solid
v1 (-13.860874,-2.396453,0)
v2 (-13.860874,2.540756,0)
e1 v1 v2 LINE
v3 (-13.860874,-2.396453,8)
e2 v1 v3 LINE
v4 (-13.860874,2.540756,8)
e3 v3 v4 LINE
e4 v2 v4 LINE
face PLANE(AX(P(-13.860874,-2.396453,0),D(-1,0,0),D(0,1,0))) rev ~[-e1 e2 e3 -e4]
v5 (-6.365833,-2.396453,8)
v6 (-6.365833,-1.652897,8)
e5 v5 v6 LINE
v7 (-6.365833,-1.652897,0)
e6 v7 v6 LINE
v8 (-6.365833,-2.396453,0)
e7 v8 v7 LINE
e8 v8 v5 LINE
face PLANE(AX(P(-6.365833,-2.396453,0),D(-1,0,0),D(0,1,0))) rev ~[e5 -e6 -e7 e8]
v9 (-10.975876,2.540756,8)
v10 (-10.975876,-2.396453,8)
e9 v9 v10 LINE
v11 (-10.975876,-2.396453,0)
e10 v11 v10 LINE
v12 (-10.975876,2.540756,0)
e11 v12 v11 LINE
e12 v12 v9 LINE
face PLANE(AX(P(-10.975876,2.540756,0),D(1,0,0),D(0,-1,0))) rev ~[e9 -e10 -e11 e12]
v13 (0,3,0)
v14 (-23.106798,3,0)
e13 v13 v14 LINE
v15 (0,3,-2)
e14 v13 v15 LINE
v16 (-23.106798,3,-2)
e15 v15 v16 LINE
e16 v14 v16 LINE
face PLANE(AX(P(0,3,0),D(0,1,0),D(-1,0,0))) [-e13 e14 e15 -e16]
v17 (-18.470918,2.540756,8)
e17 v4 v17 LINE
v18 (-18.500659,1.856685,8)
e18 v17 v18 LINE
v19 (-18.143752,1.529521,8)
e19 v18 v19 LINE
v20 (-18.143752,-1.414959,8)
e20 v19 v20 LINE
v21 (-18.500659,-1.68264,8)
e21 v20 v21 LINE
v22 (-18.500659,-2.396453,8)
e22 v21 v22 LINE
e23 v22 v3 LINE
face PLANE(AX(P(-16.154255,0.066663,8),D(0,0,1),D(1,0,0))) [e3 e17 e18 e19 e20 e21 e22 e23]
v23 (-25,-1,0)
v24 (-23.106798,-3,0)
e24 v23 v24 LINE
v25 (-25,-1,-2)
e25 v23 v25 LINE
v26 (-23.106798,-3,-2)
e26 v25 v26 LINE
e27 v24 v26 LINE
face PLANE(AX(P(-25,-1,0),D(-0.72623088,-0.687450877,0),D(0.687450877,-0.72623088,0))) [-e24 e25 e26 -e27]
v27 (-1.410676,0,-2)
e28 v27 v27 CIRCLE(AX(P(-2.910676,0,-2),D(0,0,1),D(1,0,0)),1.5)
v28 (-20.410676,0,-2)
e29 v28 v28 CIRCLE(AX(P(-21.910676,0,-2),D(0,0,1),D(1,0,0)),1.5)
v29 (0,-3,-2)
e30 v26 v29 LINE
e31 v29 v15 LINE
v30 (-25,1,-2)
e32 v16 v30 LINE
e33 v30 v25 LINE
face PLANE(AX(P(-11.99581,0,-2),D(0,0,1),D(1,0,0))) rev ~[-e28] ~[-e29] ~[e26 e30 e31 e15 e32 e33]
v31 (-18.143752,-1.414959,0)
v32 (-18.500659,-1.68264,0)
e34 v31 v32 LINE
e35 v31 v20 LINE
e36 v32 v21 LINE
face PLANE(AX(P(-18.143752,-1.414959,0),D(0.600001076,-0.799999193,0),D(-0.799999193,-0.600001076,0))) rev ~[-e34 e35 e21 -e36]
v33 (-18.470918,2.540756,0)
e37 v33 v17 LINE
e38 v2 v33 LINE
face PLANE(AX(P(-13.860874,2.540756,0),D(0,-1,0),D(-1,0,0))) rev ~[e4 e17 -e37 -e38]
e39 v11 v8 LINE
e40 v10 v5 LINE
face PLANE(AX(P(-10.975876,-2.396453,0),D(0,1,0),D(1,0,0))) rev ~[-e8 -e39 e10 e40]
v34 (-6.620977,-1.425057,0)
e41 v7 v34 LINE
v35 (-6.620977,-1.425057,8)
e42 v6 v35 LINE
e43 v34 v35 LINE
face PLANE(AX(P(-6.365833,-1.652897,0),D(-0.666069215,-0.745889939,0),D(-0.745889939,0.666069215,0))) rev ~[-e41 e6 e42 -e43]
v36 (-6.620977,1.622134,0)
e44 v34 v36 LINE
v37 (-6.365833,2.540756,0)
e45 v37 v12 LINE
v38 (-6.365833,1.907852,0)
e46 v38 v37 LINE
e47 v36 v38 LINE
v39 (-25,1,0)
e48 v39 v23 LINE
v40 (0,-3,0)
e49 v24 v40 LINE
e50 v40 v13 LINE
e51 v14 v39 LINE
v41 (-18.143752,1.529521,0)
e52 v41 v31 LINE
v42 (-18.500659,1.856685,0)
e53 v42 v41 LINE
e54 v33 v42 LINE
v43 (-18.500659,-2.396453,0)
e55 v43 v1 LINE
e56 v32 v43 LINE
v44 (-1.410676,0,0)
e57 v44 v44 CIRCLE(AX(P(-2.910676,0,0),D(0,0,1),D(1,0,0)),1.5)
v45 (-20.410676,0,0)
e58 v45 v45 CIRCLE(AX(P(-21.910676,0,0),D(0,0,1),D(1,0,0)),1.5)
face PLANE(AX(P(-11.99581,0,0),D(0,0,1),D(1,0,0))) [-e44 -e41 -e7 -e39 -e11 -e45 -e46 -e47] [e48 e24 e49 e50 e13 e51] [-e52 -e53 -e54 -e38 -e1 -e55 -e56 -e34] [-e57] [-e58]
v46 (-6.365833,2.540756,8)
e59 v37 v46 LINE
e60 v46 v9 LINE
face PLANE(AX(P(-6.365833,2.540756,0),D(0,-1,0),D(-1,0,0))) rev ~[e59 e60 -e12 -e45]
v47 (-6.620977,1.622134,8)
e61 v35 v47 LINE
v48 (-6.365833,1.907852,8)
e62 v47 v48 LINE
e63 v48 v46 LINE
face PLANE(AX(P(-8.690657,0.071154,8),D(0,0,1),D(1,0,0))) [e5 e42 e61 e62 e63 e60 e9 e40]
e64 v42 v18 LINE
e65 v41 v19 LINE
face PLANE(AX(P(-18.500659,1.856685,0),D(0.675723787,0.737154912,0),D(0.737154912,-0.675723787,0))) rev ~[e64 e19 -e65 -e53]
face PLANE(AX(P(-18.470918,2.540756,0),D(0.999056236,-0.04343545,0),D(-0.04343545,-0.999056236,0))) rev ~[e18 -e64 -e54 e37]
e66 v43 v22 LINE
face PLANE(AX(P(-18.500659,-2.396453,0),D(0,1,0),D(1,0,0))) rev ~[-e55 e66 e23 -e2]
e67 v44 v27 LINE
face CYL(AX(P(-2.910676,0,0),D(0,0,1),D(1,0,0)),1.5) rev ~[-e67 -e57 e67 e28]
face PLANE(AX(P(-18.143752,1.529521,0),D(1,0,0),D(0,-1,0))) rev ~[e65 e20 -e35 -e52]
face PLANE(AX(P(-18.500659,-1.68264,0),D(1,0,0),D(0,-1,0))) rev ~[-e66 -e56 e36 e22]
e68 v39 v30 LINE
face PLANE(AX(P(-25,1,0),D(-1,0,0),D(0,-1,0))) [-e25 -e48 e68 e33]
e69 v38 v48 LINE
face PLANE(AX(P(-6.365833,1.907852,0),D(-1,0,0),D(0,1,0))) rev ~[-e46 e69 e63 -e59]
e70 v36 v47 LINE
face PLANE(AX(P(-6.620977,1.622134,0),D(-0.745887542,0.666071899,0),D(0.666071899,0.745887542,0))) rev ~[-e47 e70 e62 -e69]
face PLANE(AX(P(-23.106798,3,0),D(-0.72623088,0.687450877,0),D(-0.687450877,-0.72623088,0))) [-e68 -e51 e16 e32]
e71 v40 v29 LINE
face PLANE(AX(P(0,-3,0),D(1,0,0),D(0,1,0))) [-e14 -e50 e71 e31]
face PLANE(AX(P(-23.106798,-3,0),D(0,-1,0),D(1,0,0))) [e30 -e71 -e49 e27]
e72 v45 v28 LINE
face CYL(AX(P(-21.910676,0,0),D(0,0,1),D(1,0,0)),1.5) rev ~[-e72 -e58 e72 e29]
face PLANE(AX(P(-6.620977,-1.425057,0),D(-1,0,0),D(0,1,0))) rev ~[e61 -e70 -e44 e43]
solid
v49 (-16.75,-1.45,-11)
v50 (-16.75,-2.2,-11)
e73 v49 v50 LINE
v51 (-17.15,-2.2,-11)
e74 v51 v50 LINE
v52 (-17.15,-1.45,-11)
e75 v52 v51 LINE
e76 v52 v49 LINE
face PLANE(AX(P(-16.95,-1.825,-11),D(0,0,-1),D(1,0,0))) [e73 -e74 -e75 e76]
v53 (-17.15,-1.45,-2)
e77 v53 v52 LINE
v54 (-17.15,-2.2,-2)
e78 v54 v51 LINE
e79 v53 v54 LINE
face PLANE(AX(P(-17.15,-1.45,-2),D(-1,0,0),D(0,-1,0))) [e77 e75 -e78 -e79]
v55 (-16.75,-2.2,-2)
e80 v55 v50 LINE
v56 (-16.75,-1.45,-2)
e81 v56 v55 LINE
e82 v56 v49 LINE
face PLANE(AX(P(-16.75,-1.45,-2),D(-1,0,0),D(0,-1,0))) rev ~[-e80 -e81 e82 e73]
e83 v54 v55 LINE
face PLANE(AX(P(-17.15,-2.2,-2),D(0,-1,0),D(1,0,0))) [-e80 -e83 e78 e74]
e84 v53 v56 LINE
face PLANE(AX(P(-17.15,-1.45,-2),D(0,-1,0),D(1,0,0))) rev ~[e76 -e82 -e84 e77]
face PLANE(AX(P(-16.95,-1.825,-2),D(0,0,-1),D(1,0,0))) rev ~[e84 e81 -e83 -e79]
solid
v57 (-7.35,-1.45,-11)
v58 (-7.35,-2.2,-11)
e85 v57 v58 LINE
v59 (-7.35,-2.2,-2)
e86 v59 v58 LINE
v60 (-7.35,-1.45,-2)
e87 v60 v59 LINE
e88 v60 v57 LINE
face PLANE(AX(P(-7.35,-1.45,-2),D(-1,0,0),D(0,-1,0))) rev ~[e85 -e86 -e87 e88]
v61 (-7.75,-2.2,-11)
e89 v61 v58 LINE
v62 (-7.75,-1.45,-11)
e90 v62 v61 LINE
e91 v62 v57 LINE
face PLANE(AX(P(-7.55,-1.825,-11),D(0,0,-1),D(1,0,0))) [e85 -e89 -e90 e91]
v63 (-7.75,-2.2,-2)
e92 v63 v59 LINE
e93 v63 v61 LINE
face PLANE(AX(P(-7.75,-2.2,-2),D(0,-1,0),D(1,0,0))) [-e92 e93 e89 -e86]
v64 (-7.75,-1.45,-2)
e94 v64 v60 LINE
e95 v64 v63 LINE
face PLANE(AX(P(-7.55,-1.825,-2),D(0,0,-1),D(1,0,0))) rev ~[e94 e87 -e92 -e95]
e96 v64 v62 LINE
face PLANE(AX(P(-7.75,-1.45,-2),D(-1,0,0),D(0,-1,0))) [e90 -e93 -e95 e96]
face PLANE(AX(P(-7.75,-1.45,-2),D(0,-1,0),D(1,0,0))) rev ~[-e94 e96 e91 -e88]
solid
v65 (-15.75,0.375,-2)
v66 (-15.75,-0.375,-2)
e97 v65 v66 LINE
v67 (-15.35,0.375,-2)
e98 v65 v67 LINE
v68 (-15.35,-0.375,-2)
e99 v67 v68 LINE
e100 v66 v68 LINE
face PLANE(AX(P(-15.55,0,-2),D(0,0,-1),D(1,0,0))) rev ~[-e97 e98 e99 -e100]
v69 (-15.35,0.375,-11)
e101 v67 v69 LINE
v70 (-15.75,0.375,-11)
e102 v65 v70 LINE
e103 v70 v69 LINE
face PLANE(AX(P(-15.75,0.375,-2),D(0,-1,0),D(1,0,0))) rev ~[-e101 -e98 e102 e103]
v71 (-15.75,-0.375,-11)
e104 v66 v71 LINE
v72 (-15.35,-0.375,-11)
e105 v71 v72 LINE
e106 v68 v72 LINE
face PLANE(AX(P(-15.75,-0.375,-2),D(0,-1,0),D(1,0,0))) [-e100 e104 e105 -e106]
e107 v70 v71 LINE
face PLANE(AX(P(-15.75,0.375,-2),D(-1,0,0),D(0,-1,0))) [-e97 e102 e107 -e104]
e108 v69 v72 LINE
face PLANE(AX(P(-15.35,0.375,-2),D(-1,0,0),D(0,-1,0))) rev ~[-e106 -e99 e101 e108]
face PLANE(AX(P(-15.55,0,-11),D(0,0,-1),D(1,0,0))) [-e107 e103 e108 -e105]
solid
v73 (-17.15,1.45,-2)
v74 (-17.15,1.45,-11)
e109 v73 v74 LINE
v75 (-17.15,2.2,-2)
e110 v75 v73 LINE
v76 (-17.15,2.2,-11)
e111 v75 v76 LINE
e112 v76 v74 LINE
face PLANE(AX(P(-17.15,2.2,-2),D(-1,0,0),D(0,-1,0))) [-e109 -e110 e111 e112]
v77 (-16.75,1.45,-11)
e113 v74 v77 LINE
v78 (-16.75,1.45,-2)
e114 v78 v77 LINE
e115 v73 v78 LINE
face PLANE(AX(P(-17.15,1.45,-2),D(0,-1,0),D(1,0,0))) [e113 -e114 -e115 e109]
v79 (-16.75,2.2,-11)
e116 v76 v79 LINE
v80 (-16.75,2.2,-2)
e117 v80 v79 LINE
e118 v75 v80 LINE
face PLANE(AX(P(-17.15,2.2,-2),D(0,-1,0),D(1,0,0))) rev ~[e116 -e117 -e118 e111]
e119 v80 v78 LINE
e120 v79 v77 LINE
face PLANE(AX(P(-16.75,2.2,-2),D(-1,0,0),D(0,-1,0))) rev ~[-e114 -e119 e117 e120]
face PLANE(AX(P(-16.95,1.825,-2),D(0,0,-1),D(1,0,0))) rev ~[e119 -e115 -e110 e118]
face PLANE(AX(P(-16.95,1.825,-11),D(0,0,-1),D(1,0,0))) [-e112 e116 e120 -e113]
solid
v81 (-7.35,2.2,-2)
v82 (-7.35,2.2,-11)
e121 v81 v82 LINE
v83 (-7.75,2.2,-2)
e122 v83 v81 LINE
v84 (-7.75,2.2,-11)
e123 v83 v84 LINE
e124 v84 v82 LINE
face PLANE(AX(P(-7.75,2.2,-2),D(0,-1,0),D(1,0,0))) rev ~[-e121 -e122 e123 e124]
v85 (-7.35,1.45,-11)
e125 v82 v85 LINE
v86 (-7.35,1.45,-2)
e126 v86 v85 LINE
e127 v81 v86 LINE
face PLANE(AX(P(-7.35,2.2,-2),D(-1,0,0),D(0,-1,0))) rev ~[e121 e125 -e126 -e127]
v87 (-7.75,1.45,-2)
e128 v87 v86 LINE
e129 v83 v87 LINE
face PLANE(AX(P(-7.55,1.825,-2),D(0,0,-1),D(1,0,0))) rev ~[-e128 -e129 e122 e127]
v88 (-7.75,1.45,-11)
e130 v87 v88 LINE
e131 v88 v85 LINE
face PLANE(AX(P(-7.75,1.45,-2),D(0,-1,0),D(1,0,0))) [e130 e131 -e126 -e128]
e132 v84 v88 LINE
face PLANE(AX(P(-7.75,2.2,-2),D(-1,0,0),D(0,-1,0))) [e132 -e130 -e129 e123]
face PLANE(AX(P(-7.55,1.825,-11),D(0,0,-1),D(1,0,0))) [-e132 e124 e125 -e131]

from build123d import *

# Parameters (mm, degrees)
F0_R     = 1.5
F1_DEPTH = 2
F2_DEPTH = 8
F3_W     = 0.4
F3_H     = 0.75
F4_DEPTH = 9


with BuildPart() as f1:
    # F0 (on Top) → F1 (new body)
    with BuildSketch(Plane.XY):
        Polygon((0, 3), (-23.106798, 3), (-25, 1), (-25, -1), (-23.106798, -3), (0, -3), align=None)
        with Locations((-21.910676, 0)):
            Circle(F0_R, mode=Mode.SUBTRACT)
        Polygon((-18.500659, 1.856685), (-18.470918, 2.540756), (-13.860874, 2.540756), (-13.860874, -2.396453), (-18.500659, -2.396453), (-18.500659, -1.68264), (-18.143752, -1.414959), (-18.143752, 1.529521), align=None, mode=Mode.SUBTRACT)
        Polygon((-10.975876, -2.396453), (-10.975876, 2.540756), (-6.365833, 2.540756), (-6.365833, 1.907852), (-6.620977, 1.622134), (-6.620977, -1.425057), (-6.365833, -1.652897), (-6.365833, -2.396453), align=None, mode=Mode.SUBTRACT)
        with Locations((-2.910676, 0)):
            Circle(F0_R, mode=Mode.SUBTRACT)
        Polygon((-13.860874, 2.540756), (-18.470918, 2.540756), (-18.500659, 1.856685), (-18.143752, 1.529521), (-18.143752, -1.414959), (-18.500659, -1.68264), (-18.500659, -2.396453), (-13.860874, -2.396453), align=None)
        Polygon((-6.365833, 2.540756), (-10.975876, 2.540756), (-10.975876, -2.396453), (-6.365833, -2.396453), (-6.365833, -1.652897), (-6.620977, -1.425057), (-6.620977, 1.622134), (-6.365833, 1.907852), align=None)
    extrude(amount=-F1_DEPTH)

    # F0 (on Top) → F2 (join)
    with BuildSketch(Plane.XY):
        Polygon((-13.860874, 2.540756), (-18.470918, 2.540756), (-18.500659, 1.856685), (-18.143752, 1.529521), (-18.143752, -1.414959), (-18.500659, -1.68264), (-18.500659, -2.396453), (-13.860874, -2.396453), align=None)
        Polygon((-6.365833, 2.540756), (-10.975876, 2.540756), (-10.975876, -2.396453), (-6.365833, -2.396453), (-6.365833, -1.652897), (-6.620977, -1.425057), (-6.620977, 1.622134), (-6.365833, 1.907852), align=None)
    extrude(amount=F2_DEPTH)


with BuildPart() as f4:
    # F3 (on face) → F4 (new body)
    with BuildSketch(Plane(origin=(0, 0, -2), x_dir=(1, 0, 0), z_dir=(0, 0, -1))):
        with Locations((-16.95, 1.825)):
            Rectangle(F3_W, F3_H)
        with Locations((-15.55, 0)):
            Rectangle(F3_W, F3_H)
        with Locations((-7.55, 1.825)):
            Rectangle(F3_W, F3_H)
        with Locations((-16.95, -1.825)):
            Rectangle(F3_W, F3_H)
        with Locations((-7.55, -1.825)):
            Rectangle(F3_W, F3_H)
    extrude(amount=F4_DEPTH)


solid = Compound([f1.part, f4.part])
